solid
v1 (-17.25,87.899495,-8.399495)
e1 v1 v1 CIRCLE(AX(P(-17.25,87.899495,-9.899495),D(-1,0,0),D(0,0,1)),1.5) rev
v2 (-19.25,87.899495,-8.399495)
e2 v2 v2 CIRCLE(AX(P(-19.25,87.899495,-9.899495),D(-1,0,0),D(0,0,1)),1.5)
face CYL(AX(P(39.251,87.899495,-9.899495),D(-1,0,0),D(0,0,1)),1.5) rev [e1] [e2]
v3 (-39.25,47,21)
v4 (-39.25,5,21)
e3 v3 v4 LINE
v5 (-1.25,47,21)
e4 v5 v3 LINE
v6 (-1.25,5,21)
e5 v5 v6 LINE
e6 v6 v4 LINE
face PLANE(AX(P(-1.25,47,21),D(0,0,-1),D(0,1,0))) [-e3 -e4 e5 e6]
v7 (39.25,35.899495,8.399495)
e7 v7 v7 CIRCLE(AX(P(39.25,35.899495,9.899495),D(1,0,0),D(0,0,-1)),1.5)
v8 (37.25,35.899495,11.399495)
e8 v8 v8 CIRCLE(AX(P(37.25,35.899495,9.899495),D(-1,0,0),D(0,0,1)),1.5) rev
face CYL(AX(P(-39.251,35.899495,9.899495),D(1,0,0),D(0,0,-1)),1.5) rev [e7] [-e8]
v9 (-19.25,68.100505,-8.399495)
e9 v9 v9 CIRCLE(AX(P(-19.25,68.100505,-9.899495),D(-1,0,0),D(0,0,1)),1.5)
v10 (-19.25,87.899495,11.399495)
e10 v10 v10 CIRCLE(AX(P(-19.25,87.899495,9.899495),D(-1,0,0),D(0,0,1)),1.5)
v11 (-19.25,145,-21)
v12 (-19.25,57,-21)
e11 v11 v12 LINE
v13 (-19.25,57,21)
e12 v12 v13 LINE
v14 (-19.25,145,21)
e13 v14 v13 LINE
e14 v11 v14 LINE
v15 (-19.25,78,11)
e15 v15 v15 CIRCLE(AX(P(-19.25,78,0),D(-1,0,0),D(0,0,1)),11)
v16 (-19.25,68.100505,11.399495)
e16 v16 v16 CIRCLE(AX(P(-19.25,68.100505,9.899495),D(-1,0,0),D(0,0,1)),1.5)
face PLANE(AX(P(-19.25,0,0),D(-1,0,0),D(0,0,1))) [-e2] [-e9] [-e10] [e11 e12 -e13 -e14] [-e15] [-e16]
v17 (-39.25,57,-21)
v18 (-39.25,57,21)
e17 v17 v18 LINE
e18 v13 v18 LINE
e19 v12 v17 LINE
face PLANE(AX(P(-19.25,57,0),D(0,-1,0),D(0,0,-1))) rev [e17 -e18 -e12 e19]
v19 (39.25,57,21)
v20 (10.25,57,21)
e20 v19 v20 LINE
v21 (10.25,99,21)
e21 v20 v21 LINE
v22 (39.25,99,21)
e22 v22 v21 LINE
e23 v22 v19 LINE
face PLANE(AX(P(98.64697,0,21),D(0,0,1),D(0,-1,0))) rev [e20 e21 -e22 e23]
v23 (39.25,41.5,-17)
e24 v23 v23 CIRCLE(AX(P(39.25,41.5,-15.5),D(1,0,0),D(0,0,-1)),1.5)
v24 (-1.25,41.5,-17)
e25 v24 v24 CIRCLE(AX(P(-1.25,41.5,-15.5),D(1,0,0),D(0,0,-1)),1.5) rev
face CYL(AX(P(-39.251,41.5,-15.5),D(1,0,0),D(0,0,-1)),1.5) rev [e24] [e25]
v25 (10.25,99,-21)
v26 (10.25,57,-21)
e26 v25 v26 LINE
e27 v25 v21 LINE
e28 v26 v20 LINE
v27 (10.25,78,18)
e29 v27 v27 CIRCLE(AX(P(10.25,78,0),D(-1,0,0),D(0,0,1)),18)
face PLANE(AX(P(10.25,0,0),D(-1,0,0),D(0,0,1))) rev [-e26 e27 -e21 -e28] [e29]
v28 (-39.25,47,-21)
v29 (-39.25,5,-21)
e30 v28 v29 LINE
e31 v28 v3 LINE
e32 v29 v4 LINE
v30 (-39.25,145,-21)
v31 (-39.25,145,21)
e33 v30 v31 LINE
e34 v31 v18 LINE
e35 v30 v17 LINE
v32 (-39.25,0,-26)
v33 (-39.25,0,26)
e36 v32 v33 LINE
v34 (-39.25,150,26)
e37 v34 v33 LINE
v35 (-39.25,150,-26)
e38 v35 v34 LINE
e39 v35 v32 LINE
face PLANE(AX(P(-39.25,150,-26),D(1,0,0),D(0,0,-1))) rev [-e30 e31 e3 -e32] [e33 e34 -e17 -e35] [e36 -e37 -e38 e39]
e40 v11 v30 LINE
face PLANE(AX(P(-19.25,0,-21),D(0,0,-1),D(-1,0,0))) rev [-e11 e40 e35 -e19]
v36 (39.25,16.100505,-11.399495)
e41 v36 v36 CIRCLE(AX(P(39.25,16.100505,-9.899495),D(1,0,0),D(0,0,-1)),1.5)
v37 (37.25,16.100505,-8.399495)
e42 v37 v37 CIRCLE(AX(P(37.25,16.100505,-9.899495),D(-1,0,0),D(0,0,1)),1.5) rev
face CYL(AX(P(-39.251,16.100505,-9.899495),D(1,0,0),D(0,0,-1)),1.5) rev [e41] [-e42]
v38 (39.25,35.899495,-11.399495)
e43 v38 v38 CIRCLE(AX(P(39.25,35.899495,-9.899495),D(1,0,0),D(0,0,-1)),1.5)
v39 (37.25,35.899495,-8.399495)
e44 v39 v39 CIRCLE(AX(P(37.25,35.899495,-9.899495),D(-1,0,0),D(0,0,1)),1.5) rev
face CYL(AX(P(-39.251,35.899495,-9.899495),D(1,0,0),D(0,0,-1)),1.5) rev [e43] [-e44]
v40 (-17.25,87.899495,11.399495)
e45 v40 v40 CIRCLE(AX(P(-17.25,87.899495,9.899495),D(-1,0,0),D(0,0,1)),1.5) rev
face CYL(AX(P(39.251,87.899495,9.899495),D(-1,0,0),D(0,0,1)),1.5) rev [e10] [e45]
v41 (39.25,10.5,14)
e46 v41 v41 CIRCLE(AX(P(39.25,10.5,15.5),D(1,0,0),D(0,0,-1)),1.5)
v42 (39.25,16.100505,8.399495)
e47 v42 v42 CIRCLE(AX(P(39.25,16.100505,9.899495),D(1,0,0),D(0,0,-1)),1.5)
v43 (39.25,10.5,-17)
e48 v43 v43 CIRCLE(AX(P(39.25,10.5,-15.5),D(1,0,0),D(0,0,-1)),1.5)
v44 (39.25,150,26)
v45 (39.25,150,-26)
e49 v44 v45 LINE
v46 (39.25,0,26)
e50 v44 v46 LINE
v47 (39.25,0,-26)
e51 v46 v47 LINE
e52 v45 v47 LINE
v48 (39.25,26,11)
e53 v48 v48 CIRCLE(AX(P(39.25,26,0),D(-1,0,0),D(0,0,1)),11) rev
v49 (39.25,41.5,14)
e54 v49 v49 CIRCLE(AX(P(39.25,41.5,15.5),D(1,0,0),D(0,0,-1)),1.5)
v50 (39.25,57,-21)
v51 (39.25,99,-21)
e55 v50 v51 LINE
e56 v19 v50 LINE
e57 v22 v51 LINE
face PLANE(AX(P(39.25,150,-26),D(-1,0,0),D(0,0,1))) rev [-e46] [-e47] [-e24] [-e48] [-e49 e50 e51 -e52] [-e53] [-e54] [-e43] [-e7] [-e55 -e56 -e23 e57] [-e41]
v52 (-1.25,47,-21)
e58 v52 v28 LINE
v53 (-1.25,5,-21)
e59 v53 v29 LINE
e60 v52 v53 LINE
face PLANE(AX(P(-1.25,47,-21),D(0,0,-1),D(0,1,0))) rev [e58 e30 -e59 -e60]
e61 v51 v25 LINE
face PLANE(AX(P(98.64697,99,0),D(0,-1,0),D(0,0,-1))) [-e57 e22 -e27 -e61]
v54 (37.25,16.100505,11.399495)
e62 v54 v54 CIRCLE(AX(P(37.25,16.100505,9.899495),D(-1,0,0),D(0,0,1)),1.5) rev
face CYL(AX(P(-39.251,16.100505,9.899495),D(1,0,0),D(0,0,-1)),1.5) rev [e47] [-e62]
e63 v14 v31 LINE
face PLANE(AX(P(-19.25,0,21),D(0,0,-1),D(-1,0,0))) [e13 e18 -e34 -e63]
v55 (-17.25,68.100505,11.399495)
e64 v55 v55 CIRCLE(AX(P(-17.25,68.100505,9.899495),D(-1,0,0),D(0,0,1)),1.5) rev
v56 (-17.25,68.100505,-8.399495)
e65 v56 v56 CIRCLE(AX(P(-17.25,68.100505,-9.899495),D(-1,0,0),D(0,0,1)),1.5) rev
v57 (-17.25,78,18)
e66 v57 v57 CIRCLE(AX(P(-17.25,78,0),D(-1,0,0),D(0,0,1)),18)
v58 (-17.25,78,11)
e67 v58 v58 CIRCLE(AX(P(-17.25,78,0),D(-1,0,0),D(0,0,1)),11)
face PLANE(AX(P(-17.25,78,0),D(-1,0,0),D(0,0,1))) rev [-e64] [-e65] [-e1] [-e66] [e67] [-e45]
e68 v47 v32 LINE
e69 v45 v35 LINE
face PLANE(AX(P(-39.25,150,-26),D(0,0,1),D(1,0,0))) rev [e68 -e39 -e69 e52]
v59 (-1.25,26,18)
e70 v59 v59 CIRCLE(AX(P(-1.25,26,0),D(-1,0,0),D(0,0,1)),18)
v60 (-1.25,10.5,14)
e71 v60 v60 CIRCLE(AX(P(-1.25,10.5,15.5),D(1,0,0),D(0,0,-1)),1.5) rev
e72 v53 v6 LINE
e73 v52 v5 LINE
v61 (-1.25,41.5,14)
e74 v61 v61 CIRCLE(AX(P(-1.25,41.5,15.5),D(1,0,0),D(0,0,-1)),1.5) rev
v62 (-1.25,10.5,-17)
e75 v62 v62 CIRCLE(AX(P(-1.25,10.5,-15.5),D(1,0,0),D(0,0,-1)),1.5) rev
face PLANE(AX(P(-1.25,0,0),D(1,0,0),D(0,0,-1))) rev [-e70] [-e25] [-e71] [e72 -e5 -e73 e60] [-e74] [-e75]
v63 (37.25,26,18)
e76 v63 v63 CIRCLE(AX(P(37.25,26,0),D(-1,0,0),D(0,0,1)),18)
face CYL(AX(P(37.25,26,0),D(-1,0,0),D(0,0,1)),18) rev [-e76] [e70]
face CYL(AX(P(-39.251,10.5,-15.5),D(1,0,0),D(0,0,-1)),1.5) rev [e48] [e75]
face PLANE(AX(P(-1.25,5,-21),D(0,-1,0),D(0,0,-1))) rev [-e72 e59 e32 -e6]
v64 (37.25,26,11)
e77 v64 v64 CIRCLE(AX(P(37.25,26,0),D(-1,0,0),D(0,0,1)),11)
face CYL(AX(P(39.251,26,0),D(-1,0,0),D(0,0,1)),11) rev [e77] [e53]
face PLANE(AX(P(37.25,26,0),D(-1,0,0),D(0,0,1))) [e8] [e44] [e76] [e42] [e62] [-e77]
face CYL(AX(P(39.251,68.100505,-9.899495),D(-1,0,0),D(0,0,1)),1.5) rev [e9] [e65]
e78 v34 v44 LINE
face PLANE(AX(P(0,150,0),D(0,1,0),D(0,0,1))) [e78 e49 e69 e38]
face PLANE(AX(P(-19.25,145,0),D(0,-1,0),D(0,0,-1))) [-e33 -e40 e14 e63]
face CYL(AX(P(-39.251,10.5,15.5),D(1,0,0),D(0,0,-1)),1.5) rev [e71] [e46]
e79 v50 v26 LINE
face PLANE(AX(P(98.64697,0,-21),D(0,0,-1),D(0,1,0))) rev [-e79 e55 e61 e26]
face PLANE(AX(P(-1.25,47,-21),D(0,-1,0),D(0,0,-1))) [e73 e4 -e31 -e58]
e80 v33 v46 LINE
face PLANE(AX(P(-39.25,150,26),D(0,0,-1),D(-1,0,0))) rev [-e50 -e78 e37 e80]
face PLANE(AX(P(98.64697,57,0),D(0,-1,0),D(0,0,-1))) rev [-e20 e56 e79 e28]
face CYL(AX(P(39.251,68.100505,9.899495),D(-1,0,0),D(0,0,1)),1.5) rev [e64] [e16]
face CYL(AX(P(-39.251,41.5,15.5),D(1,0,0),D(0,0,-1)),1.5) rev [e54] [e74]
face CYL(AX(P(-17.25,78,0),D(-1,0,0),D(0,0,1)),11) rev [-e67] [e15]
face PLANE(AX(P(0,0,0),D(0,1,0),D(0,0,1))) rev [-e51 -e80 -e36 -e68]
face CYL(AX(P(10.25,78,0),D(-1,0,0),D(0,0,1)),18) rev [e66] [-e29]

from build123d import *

# Parameters (mm, degrees)
SKETCH_1_W           = 78.5
SKETCH_1_H           = 52
EXTRUDE_1_DEPTH      = 150
SKETCH_2_W           = 42
SKETCH_2_H           = 42
CUT_EXTRUDE_1_DEPTH  = 38
SKETCH_3_R           = 18
CUT_EXTRUDE_2_DEPTH  = 38.5
CUT_EXTRUDE_3_REACH  = 172.377
SKETCH_4_R           = 11
CUT_EXTRUDE_4_REACH  = 173.284
SKETCH_5_R           = 1.5
CUT_EXTRUDE_5_REACH  = 173.284
SKETCH_8_R           = 1.5
SKETCH_15_W          = 42
SKETCH_15_H          = 88
CUT_EXTRUDE_13_DEPTH = 20
SKETCH_16_R          = 11
CUT_EXTRUDE_14_DEPTH = 2
SKETCH_17_R          = 18
CUT_EXTRUDE_15_DEPTH = 27.5
SKETCH_18_W          = 42
SKETCH_18_H          = 42
SKETCH_18_R          = 18
SKETCH_18_R_2        = 11
CUT_EXTRUDE_16_DEPTH = 29
CUT_EXTRUDE_17_REACH = 165.09
SKETCH_19_R          = 1.5


with BuildPart() as part:
    # 草图1 → 凸台-拉伸1 (new body)
    with BuildSketch(Plane(origin=(0, 0, 0), x_dir=(1, 0, 0), z_dir=(0, 1, 0))):
        Rectangle(SKETCH_1_W, SKETCH_1_H)
    extrude(amount=EXTRUDE_1_DEPTH)

    # 草图2 → 切除-拉伸1 (cut)
    with BuildSketch(Plane.ZY.offset(39.25)):
        with Locations((0, 26)):
            Rectangle(SKETCH_2_W, SKETCH_2_H)
    extrude(amount=-CUT_EXTRUDE_1_DEPTH, mode=Mode.SUBTRACT)

    # 草图3 → 切除-拉伸2 (cut)
    with BuildSketch(Plane.ZY.offset(1.25)):
        with Locations((0, 26)):
            Circle(SKETCH_3_R)
    extrude(amount=-CUT_EXTRUDE_2_DEPTH, mode=Mode.SUBTRACT)

    # 草图4 → 切除-拉伸3 (cut, up to next)
    with BuildSketch(Plane.ZY.offset(-37.25), mode=Mode.PRIVATE) as cut_extrude_3_sk1:
        with Locations((0, 26)):
            Circle(SKETCH_4_R)
    cut_extrude_3_tool1 = extrude(cut_extrude_3_sk1.sketch, amount=-CUT_EXTRUDE_3_REACH, mode=Mode.PRIVATE) & part.part
    add(cut_extrude_3_tool1.solids().sort_by_distance((37.25, 26, 0))[0], mode=Mode.SUBTRACT)

    # 草图5 → 切除-拉伸4 (cut, up to next)
    with BuildSketch(Plane(origin=(39.25, 0, 0), x_dir=(0, 0, -1), z_dir=(1, 0, 0)), mode=Mode.PRIVATE) as cut_extrude_4_sk1:
        with Locations((-9.899494937, 35.899494937)):
            Circle(SKETCH_5_R)
    cut_extrude_4_tool1 = extrude(cut_extrude_4_sk1.sketch, amount=-CUT_EXTRUDE_4_REACH, mode=Mode.PRIVATE) & part.part
    # 草图5 → 切除-拉伸4 (cut, up to next)
    with BuildSketch(Plane(origin=(39.25, 0, 0), x_dir=(0, 0, -1), z_dir=(1, 0, 0)), mode=Mode.PRIVATE) as cut_extrude_4_sk2:
        with Locations((9.899494937, 35.899494937)):
            Circle(SKETCH_5_R)
    cut_extrude_4_tool2 = extrude(cut_extrude_4_sk2.sketch, amount=-CUT_EXTRUDE_4_REACH, mode=Mode.PRIVATE) & part.part
    # 草图5 → 切除-拉伸4 (cut, up to next)
    with BuildSketch(Plane(origin=(39.25, 0, 0), x_dir=(0, 0, -1), z_dir=(1, 0, 0)), mode=Mode.PRIVATE) as cut_extrude_4_sk3:
        with Locations((9.899494937, 16.100505063)):
            Circle(SKETCH_5_R)
    cut_extrude_4_tool3 = extrude(cut_extrude_4_sk3.sketch, amount=-CUT_EXTRUDE_4_REACH, mode=Mode.PRIVATE) & part.part
    # 草图5 → 切除-拉伸4 (cut, up to next)
    with BuildSketch(Plane(origin=(39.25, 0, 0), x_dir=(0, 0, -1), z_dir=(1, 0, 0)), mode=Mode.PRIVATE) as cut_extrude_4_sk4:
        with Locations((-9.899494937, 16.100505063)):
            Circle(SKETCH_5_R)
    cut_extrude_4_tool4 = extrude(cut_extrude_4_sk4.sketch, amount=-CUT_EXTRUDE_4_REACH, mode=Mode.PRIVATE) & part.part
    add(cut_extrude_4_tool1.solids().sort_by_distance((39.25, 35.899495, 9.899495))[0], mode=Mode.SUBTRACT)
    add(cut_extrude_4_tool2.solids().sort_by_distance((39.25, 35.899495, -9.899495))[0], mode=Mode.SUBTRACT)
    add(cut_extrude_4_tool3.solids().sort_by_distance((39.25, 16.100505, -9.899495))[0], mode=Mode.SUBTRACT)
    add(cut_extrude_4_tool4.solids().sort_by_distance((39.25, 16.100505, 9.899495))[0], mode=Mode.SUBTRACT)

    # 草图8 → 切除-拉伸5 (cut, up to next)
    with BuildSketch(Plane(origin=(39.25, 0, 0), x_dir=(0, 0, -1), z_dir=(1, 0, 0)), mode=Mode.PRIVATE) as cut_extrude_5_sk1:
        with Locations((-15.5, 41.5)):
            Circle(SKETCH_8_R)
    cut_extrude_5_tool1 = extrude(cut_extrude_5_sk1.sketch, amount=-CUT_EXTRUDE_5_REACH, mode=Mode.PRIVATE) & part.part
    # 草图8 → 切除-拉伸5 (cut, up to next)
    with BuildSketch(Plane(origin=(39.25, 0, 0), x_dir=(0, 0, -1), z_dir=(1, 0, 0)), mode=Mode.PRIVATE) as cut_extrude_5_sk2:
        with Locations((15.5, 41.5)):
            Circle(SKETCH_8_R)
    cut_extrude_5_tool2 = extrude(cut_extrude_5_sk2.sketch, amount=-CUT_EXTRUDE_5_REACH, mode=Mode.PRIVATE) & part.part
    # 草图8 → 切除-拉伸5 (cut, up to next)
    with BuildSketch(Plane(origin=(39.25, 0, 0), x_dir=(0, 0, -1), z_dir=(1, 0, 0)), mode=Mode.PRIVATE) as cut_extrude_5_sk3:
        with Locations((-15.5, 10.5)):
            Circle(SKETCH_8_R)
    cut_extrude_5_tool3 = extrude(cut_extrude_5_sk3.sketch, amount=-CUT_EXTRUDE_5_REACH, mode=Mode.PRIVATE) & part.part
    # 草图8 → 切除-拉伸5 (cut, up to next)
    with BuildSketch(Plane(origin=(39.25, 0, 0), x_dir=(0, 0, -1), z_dir=(1, 0, 0)), mode=Mode.PRIVATE) as cut_extrude_5_sk4:
        with Locations((15.5, 10.5)):
            Circle(SKETCH_8_R)
    cut_extrude_5_tool4 = extrude(cut_extrude_5_sk4.sketch, amount=-CUT_EXTRUDE_5_REACH, mode=Mode.PRIVATE) & part.part
    add(cut_extrude_5_tool1.solids().sort_by_distance((39.25, 41.5, 15.5))[0], mode=Mode.SUBTRACT)
    add(cut_extrude_5_tool2.solids().sort_by_distance((39.25, 41.5, -15.5))[0], mode=Mode.SUBTRACT)
    add(cut_extrude_5_tool3.solids().sort_by_distance((39.25, 10.5, 15.5))[0], mode=Mode.SUBTRACT)
    add(cut_extrude_5_tool4.solids().sort_by_distance((39.25, 10.5, -15.5))[0], mode=Mode.SUBTRACT)

    # 草图15 → 切除-拉伸13 (cut)
    with BuildSketch(Plane.ZY.offset(39.25)):
        with Locations((0, 101)):
            Rectangle(SKETCH_15_W, SKETCH_15_H)
    extrude(amount=-CUT_EXTRUDE_13_DEPTH, mode=Mode.SUBTRACT)

    # 草图16 → 切除-拉伸14 (cut)
    with BuildSketch(Plane.ZY.offset(19.25)):
        with Locations((0, 78)):
            Circle(SKETCH_16_R)
    extrude(amount=-CUT_EXTRUDE_14_DEPTH, mode=Mode.SUBTRACT)

    # 草图17 → 切除-拉伸15 (cut)
    with BuildSketch(Plane.ZY.offset(17.25)):
        with Locations((0, 78)):
            Circle(SKETCH_17_R)
    extrude(amount=-CUT_EXTRUDE_15_DEPTH, mode=Mode.SUBTRACT)

    # 草图18 → 切除-拉伸16 (cut)
    # profile 1 of 3: a face of its own
    with BuildSketch(Plane.ZY.offset(-10.25)):
        with Locations((0, 78)):
            Rectangle(SKETCH_18_W, SKETCH_18_H)
        with Locations((0, 78)):
            Circle(SKETCH_18_R, mode=Mode.SUBTRACT)
    # profile 2 of 3: a face of its own
    with BuildSketch(Plane.ZY.offset(-10.25)):
        with Locations((0, 78)):
            Circle(SKETCH_18_R)
        with Locations((0, 78)):
            Circle(SKETCH_18_R_2, mode=Mode.SUBTRACT)
    # profile 3 of 3: a face of its own
    with BuildSketch(Plane.ZY.offset(-10.25)):
        with Locations((0, 78)):
            Circle(SKETCH_18_R_2)
    extrude(amount=-CUT_EXTRUDE_16_DEPTH, mode=Mode.SUBTRACT)

    # 草图19 → 切除-拉伸17 (cut, up to next)
    with BuildSketch(Plane.ZY.offset(19.25), mode=Mode.PRIVATE) as cut_extrude_17_sk1:
        with Locations((-9.899494937, 87.899494937)):
            Circle(SKETCH_19_R)
    cut_extrude_17_tool1 = extrude(cut_extrude_17_sk1.sketch, amount=-CUT_EXTRUDE_17_REACH, mode=Mode.PRIVATE) & part.part
    # 草图19 → 切除-拉伸17 (cut, up to next)
    with BuildSketch(Plane.ZY.offset(19.25), mode=Mode.PRIVATE) as cut_extrude_17_sk2:
        with Locations((9.899494937, 87.899494937)):
            Circle(SKETCH_19_R)
    cut_extrude_17_tool2 = extrude(cut_extrude_17_sk2.sketch, amount=-CUT_EXTRUDE_17_REACH, mode=Mode.PRIVATE) & part.part
    # 草图19 → 切除-拉伸17 (cut, up to next)
    with BuildSketch(Plane.ZY.offset(19.25), mode=Mode.PRIVATE) as cut_extrude_17_sk3:
        with Locations((9.899494937, 68.100505063)):
            Circle(SKETCH_19_R)
    cut_extrude_17_tool3 = extrude(cut_extrude_17_sk3.sketch, amount=-CUT_EXTRUDE_17_REACH, mode=Mode.PRIVATE) & part.part
    # 草图19 → 切除-拉伸17 (cut, up to next)
    with BuildSketch(Plane.ZY.offset(19.25), mode=Mode.PRIVATE) as cut_extrude_17_sk4:
        with Locations((-9.899494937, 68.100505063)):
            Circle(SKETCH_19_R)
    cut_extrude_17_tool4 = extrude(cut_extrude_17_sk4.sketch, amount=-CUT_EXTRUDE_17_REACH, mode=Mode.PRIVATE) & part.part
    add(cut_extrude_17_tool1.solids().sort_by_distance((-19.25, 87.899495, -9.899495))[0], mode=Mode.SUBTRACT)
    add(cut_extrude_17_tool2.solids().sort_by_distance((-19.25, 87.899495, 9.899495))[0], mode=Mode.SUBTRACT)
    add(cut_extrude_17_tool3.solids().sort_by_distance((-19.25, 68.100505, 9.899495))[0], mode=Mode.SUBTRACT)
    add(cut_extrude_17_tool4.solids().sort_by_distance((-19.25, 68.100505, -9.899495))[0], mode=Mode.SUBTRACT)


solid = part.part
